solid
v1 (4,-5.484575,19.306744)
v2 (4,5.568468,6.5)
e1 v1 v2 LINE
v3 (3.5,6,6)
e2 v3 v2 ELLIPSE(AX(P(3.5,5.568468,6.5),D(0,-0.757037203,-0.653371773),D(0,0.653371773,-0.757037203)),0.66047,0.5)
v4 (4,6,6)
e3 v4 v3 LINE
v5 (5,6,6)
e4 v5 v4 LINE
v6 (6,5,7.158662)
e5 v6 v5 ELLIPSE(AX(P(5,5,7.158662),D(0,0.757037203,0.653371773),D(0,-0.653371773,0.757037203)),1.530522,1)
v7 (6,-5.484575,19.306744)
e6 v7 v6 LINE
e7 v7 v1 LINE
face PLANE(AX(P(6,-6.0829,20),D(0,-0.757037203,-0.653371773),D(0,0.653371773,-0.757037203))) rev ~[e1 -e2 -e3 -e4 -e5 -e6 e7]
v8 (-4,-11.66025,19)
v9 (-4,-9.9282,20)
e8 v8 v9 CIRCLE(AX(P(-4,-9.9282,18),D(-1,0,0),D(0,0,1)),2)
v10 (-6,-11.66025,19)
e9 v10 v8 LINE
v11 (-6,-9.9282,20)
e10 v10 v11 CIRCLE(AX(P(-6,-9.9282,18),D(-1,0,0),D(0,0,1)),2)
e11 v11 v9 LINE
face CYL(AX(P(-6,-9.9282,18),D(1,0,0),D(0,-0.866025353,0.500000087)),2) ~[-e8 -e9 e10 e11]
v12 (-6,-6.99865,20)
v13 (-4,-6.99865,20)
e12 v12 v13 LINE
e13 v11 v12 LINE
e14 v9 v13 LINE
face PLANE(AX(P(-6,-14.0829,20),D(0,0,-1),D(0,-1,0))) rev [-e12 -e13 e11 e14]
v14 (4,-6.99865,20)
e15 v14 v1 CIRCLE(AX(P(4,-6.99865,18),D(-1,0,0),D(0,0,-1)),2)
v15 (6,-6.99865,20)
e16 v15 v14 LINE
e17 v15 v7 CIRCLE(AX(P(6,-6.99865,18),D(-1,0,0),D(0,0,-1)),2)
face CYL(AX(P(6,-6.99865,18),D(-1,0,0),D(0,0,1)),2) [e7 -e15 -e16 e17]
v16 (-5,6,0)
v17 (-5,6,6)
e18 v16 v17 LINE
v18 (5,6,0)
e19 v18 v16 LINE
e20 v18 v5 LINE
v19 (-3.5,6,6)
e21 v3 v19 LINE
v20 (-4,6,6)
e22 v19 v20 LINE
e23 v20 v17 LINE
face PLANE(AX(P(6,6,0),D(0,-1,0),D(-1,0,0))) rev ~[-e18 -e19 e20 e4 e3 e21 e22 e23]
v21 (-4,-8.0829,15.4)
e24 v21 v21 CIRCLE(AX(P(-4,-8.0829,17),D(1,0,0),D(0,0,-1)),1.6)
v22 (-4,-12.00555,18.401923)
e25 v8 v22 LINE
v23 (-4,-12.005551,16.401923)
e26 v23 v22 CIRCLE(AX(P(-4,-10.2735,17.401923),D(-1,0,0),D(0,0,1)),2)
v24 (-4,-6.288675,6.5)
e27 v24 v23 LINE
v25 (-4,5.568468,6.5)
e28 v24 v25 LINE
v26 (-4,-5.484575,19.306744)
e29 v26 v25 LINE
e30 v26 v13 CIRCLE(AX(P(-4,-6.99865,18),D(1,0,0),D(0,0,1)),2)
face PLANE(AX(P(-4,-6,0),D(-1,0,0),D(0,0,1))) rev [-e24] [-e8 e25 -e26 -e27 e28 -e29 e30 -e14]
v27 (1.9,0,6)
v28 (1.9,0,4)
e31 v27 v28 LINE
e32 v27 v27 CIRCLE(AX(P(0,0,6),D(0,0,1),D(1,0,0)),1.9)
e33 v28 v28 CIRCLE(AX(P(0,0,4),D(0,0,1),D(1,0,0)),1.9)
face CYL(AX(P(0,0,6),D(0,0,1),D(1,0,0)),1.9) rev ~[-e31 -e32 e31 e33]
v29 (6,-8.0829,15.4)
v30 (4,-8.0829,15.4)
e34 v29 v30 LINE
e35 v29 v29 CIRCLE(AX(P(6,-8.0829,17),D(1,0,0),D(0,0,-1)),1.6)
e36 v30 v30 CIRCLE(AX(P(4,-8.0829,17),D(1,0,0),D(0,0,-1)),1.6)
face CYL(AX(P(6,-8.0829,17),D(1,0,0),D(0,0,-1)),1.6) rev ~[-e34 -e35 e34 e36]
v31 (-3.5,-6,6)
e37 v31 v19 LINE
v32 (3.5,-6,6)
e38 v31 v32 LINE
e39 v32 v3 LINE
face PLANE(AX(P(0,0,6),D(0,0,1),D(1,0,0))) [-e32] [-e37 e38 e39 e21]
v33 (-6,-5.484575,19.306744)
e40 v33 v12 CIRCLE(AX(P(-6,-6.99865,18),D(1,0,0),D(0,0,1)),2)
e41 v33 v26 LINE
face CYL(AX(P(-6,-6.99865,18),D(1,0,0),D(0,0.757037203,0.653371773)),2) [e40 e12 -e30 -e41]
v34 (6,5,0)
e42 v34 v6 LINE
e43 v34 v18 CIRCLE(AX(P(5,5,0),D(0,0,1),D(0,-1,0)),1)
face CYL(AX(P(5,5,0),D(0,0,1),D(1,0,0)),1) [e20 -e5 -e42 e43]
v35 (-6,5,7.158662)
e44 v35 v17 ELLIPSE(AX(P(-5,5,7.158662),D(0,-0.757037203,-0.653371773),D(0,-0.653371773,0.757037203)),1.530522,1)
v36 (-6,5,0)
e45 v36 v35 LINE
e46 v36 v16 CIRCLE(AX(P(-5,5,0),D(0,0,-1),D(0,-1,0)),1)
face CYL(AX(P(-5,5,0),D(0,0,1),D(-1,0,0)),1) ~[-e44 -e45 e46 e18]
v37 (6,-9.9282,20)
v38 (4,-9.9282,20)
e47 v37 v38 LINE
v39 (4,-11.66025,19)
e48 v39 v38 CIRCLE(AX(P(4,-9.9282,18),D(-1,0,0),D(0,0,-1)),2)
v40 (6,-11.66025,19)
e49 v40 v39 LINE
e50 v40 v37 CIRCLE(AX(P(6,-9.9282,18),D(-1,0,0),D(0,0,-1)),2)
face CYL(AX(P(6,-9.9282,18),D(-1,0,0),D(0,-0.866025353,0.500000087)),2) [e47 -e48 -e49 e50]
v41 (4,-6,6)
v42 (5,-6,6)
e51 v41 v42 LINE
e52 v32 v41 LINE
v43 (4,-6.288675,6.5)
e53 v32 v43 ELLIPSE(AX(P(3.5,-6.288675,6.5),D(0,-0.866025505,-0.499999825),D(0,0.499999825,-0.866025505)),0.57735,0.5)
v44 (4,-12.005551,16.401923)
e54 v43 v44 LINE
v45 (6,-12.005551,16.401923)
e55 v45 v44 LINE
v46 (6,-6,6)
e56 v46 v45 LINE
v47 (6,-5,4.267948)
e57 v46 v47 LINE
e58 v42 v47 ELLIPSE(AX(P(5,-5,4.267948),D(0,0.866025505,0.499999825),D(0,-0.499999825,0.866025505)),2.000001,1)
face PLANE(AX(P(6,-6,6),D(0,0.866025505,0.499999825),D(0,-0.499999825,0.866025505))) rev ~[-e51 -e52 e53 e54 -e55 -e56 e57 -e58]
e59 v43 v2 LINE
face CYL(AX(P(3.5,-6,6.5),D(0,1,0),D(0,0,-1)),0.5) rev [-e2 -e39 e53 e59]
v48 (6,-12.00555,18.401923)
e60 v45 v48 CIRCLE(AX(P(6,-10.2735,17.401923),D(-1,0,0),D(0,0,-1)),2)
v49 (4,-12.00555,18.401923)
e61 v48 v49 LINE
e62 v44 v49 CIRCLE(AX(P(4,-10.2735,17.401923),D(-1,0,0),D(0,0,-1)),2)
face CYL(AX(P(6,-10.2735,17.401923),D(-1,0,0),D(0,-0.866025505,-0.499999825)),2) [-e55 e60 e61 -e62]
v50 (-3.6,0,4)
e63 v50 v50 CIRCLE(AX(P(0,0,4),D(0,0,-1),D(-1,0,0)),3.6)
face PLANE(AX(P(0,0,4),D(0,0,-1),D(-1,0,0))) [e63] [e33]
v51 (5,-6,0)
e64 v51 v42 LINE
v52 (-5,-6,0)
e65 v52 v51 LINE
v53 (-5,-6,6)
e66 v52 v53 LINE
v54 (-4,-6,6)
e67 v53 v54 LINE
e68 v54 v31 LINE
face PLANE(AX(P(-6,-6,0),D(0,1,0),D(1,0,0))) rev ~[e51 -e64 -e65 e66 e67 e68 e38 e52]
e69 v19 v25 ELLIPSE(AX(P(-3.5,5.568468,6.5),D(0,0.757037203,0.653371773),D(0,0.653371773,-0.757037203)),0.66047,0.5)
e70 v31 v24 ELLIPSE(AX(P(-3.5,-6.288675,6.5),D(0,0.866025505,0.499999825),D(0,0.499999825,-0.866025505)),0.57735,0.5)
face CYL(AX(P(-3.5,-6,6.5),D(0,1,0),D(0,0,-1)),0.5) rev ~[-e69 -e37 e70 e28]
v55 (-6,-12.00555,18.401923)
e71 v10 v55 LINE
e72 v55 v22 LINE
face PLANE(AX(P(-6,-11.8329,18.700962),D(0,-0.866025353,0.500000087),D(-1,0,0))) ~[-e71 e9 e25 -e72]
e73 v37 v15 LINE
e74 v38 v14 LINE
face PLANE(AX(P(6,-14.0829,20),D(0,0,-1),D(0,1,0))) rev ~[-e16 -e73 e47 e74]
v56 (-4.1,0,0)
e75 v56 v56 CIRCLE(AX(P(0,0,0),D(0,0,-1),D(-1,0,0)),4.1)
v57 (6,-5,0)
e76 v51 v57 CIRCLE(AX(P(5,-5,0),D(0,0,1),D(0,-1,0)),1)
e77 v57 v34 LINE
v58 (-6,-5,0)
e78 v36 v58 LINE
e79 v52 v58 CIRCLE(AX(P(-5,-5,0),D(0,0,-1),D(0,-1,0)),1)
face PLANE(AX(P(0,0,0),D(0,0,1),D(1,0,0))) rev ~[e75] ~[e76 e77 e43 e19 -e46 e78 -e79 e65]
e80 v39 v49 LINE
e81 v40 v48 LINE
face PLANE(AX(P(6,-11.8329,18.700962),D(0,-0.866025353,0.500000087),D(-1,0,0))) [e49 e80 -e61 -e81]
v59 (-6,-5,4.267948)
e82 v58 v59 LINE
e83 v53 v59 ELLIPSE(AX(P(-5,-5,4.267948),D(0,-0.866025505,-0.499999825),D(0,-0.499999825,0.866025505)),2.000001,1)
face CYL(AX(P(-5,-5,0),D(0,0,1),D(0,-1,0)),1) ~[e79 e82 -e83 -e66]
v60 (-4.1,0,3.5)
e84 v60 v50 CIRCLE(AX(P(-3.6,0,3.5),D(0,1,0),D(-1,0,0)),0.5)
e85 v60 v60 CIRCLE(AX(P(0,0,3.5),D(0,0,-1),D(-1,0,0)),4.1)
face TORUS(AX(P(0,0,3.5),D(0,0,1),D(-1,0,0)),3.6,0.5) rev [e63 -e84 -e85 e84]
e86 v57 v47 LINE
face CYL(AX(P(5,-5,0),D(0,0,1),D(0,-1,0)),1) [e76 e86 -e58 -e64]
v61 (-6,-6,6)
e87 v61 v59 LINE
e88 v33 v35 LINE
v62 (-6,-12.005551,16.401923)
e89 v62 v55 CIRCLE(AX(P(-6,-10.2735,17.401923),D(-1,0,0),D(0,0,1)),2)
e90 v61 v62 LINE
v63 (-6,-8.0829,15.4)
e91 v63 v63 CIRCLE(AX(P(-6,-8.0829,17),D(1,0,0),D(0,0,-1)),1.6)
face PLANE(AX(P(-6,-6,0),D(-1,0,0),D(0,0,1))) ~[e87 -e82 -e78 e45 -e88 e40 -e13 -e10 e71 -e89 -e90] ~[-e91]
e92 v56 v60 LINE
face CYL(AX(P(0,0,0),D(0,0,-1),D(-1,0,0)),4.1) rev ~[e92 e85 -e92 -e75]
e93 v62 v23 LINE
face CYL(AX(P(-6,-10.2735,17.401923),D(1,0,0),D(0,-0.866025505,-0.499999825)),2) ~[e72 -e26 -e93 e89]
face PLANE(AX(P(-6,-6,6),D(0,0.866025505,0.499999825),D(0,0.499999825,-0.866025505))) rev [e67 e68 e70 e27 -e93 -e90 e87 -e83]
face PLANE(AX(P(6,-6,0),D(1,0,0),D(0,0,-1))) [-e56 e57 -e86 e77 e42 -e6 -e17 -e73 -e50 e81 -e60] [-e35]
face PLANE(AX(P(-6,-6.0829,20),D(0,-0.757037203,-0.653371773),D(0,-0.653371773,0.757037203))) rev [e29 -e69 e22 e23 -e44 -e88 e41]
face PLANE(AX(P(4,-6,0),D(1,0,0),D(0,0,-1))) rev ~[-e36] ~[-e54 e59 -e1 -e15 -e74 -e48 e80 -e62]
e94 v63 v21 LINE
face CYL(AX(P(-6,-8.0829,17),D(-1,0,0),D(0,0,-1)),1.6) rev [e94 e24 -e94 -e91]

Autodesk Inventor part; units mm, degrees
ref_plane "YZ Plane" through (0, 0, 0) normal (1, 0, 0) x (0, 1, 0)
ref_plane "XZ Plane" through (0, 0, 0) normal (0, 1, 0) x (-1, 0, 0)
ref_plane "XY Plane" through (0, 0, 0) normal (0, 0, 1) x (1, 0, 0)
sketch "Sketch1" plane through (0, 0, 0) normal (0, 0, 1) x (1, 0, 0)
  line L0 (-6, -6) -> (6, -6)
  line L1 (6, -6) -> (6, 6)
  line L2 (6, 6) -> (-6, 6)
  line L3 (-6, 6) -> (-6, -6)
  line L4 (-6, -6) -> (6, 6) construction
  line L5 (6, -6) -> (-6, 6) construction
  point P0 (0, 0)
  dimension "d0" = 12
  dimension "d1" = 12
extrude "Extrusion1" add sketch "Sketch1" along normal blind 6
sketch "Sketch2" plane through (0, 0, 0) normal (0, 0, -1) x (-1, 0, 0)
  circle A0 centre (0, 0) radius 4.1
  dimension "d4" = 8.2
extrude "Extrusion2" cut sketch "Sketch2" against normal blind 4
sketch "Sketch3" plane through (0, 0, 6) normal (0, 0, 1) x (1, 0, 0)
  circle A0 centre (0, 0) radius 1.9
  dimension "d7" = 3.8
extrude "Extrusion3" cut sketch "Sketch3" against normal blind 2
sketch "Sketch5" plane through (6, -6, 0) normal (1, 0, 0) x (0, 0, -1)
  line L0 (0, 12) -> (-6, 12) projected
  line L1 (-6, 0) -> (-6, 12) projected
  line L2 (-6, 12) -> (-6, 0)
  line L3 (-6, 0) -> (-20, -8.0829)
  line L4 (-20, -8.0829) -> (-20, -0.0829)
  line L5 (-20, -0.0829) -> (-6, 12)
  line L6 (0, 0) -> (0, 12) projected
  point P0 (0, 6)
  point P1 (0, 6)
  dimension "d13" = 120
  dimension "d14" = 20
  dimension "d15" = 8
extrude "Extrusion5" add sketch "Sketch5" against normal blind 2
sketch "Sketch6" plane through (6, -6, 0) normal (1, 0, 0) x (0, 0, -1)
  circle A0 centre (-17, -2.0829) radius 1.6
  line L0 (0, 0) -> (0, 12) projected
  line L1 (-6, 0) -> (-20, -8.0829) projected
  line L2 (-20, -0.0829) -> (-6, 12) projected
  point P0 (0, 6)
  point P1 (0, 6)
  dimension "d18" = 3.2
  dimension "d19" = 17
  dimension "d23" = 2
extrude "Extrusion6" cut sketch "Sketch6" against normal blind 2
mirror "Mirror1" about plane through (0, 0, 0) normal (1, 0, 0) of "Extrusion5", "Extrusion6"
fillet "Fillet1" radius 1 4 edges at (-6, 6, 3) (6, 6, 3) (-6, -6, 3) (6, -6, 3)
fillet "Fillet2" radius 0.5 1 edges at (4.1, 0, 4)
fillet "Fillet3" radius 0.5 2 edges at (-4, 0, 6) (4, 0, 6)
chamfer "Chamfer1" distance 3 angle 45 2 edges at (-5, -14.0829, 20) (5, -14.0829, 20)
fillet "Fillet4" radius 2 6 edges at (-5, -11.0829, 20) (-5, -12.5829, 17.4019) (-5, -6.0829, 20) (5, -6.0829, 20) (5, -11.0829, 20) (5, -12.5829, 17.4019)
properties part number "PrzegubDolny"
